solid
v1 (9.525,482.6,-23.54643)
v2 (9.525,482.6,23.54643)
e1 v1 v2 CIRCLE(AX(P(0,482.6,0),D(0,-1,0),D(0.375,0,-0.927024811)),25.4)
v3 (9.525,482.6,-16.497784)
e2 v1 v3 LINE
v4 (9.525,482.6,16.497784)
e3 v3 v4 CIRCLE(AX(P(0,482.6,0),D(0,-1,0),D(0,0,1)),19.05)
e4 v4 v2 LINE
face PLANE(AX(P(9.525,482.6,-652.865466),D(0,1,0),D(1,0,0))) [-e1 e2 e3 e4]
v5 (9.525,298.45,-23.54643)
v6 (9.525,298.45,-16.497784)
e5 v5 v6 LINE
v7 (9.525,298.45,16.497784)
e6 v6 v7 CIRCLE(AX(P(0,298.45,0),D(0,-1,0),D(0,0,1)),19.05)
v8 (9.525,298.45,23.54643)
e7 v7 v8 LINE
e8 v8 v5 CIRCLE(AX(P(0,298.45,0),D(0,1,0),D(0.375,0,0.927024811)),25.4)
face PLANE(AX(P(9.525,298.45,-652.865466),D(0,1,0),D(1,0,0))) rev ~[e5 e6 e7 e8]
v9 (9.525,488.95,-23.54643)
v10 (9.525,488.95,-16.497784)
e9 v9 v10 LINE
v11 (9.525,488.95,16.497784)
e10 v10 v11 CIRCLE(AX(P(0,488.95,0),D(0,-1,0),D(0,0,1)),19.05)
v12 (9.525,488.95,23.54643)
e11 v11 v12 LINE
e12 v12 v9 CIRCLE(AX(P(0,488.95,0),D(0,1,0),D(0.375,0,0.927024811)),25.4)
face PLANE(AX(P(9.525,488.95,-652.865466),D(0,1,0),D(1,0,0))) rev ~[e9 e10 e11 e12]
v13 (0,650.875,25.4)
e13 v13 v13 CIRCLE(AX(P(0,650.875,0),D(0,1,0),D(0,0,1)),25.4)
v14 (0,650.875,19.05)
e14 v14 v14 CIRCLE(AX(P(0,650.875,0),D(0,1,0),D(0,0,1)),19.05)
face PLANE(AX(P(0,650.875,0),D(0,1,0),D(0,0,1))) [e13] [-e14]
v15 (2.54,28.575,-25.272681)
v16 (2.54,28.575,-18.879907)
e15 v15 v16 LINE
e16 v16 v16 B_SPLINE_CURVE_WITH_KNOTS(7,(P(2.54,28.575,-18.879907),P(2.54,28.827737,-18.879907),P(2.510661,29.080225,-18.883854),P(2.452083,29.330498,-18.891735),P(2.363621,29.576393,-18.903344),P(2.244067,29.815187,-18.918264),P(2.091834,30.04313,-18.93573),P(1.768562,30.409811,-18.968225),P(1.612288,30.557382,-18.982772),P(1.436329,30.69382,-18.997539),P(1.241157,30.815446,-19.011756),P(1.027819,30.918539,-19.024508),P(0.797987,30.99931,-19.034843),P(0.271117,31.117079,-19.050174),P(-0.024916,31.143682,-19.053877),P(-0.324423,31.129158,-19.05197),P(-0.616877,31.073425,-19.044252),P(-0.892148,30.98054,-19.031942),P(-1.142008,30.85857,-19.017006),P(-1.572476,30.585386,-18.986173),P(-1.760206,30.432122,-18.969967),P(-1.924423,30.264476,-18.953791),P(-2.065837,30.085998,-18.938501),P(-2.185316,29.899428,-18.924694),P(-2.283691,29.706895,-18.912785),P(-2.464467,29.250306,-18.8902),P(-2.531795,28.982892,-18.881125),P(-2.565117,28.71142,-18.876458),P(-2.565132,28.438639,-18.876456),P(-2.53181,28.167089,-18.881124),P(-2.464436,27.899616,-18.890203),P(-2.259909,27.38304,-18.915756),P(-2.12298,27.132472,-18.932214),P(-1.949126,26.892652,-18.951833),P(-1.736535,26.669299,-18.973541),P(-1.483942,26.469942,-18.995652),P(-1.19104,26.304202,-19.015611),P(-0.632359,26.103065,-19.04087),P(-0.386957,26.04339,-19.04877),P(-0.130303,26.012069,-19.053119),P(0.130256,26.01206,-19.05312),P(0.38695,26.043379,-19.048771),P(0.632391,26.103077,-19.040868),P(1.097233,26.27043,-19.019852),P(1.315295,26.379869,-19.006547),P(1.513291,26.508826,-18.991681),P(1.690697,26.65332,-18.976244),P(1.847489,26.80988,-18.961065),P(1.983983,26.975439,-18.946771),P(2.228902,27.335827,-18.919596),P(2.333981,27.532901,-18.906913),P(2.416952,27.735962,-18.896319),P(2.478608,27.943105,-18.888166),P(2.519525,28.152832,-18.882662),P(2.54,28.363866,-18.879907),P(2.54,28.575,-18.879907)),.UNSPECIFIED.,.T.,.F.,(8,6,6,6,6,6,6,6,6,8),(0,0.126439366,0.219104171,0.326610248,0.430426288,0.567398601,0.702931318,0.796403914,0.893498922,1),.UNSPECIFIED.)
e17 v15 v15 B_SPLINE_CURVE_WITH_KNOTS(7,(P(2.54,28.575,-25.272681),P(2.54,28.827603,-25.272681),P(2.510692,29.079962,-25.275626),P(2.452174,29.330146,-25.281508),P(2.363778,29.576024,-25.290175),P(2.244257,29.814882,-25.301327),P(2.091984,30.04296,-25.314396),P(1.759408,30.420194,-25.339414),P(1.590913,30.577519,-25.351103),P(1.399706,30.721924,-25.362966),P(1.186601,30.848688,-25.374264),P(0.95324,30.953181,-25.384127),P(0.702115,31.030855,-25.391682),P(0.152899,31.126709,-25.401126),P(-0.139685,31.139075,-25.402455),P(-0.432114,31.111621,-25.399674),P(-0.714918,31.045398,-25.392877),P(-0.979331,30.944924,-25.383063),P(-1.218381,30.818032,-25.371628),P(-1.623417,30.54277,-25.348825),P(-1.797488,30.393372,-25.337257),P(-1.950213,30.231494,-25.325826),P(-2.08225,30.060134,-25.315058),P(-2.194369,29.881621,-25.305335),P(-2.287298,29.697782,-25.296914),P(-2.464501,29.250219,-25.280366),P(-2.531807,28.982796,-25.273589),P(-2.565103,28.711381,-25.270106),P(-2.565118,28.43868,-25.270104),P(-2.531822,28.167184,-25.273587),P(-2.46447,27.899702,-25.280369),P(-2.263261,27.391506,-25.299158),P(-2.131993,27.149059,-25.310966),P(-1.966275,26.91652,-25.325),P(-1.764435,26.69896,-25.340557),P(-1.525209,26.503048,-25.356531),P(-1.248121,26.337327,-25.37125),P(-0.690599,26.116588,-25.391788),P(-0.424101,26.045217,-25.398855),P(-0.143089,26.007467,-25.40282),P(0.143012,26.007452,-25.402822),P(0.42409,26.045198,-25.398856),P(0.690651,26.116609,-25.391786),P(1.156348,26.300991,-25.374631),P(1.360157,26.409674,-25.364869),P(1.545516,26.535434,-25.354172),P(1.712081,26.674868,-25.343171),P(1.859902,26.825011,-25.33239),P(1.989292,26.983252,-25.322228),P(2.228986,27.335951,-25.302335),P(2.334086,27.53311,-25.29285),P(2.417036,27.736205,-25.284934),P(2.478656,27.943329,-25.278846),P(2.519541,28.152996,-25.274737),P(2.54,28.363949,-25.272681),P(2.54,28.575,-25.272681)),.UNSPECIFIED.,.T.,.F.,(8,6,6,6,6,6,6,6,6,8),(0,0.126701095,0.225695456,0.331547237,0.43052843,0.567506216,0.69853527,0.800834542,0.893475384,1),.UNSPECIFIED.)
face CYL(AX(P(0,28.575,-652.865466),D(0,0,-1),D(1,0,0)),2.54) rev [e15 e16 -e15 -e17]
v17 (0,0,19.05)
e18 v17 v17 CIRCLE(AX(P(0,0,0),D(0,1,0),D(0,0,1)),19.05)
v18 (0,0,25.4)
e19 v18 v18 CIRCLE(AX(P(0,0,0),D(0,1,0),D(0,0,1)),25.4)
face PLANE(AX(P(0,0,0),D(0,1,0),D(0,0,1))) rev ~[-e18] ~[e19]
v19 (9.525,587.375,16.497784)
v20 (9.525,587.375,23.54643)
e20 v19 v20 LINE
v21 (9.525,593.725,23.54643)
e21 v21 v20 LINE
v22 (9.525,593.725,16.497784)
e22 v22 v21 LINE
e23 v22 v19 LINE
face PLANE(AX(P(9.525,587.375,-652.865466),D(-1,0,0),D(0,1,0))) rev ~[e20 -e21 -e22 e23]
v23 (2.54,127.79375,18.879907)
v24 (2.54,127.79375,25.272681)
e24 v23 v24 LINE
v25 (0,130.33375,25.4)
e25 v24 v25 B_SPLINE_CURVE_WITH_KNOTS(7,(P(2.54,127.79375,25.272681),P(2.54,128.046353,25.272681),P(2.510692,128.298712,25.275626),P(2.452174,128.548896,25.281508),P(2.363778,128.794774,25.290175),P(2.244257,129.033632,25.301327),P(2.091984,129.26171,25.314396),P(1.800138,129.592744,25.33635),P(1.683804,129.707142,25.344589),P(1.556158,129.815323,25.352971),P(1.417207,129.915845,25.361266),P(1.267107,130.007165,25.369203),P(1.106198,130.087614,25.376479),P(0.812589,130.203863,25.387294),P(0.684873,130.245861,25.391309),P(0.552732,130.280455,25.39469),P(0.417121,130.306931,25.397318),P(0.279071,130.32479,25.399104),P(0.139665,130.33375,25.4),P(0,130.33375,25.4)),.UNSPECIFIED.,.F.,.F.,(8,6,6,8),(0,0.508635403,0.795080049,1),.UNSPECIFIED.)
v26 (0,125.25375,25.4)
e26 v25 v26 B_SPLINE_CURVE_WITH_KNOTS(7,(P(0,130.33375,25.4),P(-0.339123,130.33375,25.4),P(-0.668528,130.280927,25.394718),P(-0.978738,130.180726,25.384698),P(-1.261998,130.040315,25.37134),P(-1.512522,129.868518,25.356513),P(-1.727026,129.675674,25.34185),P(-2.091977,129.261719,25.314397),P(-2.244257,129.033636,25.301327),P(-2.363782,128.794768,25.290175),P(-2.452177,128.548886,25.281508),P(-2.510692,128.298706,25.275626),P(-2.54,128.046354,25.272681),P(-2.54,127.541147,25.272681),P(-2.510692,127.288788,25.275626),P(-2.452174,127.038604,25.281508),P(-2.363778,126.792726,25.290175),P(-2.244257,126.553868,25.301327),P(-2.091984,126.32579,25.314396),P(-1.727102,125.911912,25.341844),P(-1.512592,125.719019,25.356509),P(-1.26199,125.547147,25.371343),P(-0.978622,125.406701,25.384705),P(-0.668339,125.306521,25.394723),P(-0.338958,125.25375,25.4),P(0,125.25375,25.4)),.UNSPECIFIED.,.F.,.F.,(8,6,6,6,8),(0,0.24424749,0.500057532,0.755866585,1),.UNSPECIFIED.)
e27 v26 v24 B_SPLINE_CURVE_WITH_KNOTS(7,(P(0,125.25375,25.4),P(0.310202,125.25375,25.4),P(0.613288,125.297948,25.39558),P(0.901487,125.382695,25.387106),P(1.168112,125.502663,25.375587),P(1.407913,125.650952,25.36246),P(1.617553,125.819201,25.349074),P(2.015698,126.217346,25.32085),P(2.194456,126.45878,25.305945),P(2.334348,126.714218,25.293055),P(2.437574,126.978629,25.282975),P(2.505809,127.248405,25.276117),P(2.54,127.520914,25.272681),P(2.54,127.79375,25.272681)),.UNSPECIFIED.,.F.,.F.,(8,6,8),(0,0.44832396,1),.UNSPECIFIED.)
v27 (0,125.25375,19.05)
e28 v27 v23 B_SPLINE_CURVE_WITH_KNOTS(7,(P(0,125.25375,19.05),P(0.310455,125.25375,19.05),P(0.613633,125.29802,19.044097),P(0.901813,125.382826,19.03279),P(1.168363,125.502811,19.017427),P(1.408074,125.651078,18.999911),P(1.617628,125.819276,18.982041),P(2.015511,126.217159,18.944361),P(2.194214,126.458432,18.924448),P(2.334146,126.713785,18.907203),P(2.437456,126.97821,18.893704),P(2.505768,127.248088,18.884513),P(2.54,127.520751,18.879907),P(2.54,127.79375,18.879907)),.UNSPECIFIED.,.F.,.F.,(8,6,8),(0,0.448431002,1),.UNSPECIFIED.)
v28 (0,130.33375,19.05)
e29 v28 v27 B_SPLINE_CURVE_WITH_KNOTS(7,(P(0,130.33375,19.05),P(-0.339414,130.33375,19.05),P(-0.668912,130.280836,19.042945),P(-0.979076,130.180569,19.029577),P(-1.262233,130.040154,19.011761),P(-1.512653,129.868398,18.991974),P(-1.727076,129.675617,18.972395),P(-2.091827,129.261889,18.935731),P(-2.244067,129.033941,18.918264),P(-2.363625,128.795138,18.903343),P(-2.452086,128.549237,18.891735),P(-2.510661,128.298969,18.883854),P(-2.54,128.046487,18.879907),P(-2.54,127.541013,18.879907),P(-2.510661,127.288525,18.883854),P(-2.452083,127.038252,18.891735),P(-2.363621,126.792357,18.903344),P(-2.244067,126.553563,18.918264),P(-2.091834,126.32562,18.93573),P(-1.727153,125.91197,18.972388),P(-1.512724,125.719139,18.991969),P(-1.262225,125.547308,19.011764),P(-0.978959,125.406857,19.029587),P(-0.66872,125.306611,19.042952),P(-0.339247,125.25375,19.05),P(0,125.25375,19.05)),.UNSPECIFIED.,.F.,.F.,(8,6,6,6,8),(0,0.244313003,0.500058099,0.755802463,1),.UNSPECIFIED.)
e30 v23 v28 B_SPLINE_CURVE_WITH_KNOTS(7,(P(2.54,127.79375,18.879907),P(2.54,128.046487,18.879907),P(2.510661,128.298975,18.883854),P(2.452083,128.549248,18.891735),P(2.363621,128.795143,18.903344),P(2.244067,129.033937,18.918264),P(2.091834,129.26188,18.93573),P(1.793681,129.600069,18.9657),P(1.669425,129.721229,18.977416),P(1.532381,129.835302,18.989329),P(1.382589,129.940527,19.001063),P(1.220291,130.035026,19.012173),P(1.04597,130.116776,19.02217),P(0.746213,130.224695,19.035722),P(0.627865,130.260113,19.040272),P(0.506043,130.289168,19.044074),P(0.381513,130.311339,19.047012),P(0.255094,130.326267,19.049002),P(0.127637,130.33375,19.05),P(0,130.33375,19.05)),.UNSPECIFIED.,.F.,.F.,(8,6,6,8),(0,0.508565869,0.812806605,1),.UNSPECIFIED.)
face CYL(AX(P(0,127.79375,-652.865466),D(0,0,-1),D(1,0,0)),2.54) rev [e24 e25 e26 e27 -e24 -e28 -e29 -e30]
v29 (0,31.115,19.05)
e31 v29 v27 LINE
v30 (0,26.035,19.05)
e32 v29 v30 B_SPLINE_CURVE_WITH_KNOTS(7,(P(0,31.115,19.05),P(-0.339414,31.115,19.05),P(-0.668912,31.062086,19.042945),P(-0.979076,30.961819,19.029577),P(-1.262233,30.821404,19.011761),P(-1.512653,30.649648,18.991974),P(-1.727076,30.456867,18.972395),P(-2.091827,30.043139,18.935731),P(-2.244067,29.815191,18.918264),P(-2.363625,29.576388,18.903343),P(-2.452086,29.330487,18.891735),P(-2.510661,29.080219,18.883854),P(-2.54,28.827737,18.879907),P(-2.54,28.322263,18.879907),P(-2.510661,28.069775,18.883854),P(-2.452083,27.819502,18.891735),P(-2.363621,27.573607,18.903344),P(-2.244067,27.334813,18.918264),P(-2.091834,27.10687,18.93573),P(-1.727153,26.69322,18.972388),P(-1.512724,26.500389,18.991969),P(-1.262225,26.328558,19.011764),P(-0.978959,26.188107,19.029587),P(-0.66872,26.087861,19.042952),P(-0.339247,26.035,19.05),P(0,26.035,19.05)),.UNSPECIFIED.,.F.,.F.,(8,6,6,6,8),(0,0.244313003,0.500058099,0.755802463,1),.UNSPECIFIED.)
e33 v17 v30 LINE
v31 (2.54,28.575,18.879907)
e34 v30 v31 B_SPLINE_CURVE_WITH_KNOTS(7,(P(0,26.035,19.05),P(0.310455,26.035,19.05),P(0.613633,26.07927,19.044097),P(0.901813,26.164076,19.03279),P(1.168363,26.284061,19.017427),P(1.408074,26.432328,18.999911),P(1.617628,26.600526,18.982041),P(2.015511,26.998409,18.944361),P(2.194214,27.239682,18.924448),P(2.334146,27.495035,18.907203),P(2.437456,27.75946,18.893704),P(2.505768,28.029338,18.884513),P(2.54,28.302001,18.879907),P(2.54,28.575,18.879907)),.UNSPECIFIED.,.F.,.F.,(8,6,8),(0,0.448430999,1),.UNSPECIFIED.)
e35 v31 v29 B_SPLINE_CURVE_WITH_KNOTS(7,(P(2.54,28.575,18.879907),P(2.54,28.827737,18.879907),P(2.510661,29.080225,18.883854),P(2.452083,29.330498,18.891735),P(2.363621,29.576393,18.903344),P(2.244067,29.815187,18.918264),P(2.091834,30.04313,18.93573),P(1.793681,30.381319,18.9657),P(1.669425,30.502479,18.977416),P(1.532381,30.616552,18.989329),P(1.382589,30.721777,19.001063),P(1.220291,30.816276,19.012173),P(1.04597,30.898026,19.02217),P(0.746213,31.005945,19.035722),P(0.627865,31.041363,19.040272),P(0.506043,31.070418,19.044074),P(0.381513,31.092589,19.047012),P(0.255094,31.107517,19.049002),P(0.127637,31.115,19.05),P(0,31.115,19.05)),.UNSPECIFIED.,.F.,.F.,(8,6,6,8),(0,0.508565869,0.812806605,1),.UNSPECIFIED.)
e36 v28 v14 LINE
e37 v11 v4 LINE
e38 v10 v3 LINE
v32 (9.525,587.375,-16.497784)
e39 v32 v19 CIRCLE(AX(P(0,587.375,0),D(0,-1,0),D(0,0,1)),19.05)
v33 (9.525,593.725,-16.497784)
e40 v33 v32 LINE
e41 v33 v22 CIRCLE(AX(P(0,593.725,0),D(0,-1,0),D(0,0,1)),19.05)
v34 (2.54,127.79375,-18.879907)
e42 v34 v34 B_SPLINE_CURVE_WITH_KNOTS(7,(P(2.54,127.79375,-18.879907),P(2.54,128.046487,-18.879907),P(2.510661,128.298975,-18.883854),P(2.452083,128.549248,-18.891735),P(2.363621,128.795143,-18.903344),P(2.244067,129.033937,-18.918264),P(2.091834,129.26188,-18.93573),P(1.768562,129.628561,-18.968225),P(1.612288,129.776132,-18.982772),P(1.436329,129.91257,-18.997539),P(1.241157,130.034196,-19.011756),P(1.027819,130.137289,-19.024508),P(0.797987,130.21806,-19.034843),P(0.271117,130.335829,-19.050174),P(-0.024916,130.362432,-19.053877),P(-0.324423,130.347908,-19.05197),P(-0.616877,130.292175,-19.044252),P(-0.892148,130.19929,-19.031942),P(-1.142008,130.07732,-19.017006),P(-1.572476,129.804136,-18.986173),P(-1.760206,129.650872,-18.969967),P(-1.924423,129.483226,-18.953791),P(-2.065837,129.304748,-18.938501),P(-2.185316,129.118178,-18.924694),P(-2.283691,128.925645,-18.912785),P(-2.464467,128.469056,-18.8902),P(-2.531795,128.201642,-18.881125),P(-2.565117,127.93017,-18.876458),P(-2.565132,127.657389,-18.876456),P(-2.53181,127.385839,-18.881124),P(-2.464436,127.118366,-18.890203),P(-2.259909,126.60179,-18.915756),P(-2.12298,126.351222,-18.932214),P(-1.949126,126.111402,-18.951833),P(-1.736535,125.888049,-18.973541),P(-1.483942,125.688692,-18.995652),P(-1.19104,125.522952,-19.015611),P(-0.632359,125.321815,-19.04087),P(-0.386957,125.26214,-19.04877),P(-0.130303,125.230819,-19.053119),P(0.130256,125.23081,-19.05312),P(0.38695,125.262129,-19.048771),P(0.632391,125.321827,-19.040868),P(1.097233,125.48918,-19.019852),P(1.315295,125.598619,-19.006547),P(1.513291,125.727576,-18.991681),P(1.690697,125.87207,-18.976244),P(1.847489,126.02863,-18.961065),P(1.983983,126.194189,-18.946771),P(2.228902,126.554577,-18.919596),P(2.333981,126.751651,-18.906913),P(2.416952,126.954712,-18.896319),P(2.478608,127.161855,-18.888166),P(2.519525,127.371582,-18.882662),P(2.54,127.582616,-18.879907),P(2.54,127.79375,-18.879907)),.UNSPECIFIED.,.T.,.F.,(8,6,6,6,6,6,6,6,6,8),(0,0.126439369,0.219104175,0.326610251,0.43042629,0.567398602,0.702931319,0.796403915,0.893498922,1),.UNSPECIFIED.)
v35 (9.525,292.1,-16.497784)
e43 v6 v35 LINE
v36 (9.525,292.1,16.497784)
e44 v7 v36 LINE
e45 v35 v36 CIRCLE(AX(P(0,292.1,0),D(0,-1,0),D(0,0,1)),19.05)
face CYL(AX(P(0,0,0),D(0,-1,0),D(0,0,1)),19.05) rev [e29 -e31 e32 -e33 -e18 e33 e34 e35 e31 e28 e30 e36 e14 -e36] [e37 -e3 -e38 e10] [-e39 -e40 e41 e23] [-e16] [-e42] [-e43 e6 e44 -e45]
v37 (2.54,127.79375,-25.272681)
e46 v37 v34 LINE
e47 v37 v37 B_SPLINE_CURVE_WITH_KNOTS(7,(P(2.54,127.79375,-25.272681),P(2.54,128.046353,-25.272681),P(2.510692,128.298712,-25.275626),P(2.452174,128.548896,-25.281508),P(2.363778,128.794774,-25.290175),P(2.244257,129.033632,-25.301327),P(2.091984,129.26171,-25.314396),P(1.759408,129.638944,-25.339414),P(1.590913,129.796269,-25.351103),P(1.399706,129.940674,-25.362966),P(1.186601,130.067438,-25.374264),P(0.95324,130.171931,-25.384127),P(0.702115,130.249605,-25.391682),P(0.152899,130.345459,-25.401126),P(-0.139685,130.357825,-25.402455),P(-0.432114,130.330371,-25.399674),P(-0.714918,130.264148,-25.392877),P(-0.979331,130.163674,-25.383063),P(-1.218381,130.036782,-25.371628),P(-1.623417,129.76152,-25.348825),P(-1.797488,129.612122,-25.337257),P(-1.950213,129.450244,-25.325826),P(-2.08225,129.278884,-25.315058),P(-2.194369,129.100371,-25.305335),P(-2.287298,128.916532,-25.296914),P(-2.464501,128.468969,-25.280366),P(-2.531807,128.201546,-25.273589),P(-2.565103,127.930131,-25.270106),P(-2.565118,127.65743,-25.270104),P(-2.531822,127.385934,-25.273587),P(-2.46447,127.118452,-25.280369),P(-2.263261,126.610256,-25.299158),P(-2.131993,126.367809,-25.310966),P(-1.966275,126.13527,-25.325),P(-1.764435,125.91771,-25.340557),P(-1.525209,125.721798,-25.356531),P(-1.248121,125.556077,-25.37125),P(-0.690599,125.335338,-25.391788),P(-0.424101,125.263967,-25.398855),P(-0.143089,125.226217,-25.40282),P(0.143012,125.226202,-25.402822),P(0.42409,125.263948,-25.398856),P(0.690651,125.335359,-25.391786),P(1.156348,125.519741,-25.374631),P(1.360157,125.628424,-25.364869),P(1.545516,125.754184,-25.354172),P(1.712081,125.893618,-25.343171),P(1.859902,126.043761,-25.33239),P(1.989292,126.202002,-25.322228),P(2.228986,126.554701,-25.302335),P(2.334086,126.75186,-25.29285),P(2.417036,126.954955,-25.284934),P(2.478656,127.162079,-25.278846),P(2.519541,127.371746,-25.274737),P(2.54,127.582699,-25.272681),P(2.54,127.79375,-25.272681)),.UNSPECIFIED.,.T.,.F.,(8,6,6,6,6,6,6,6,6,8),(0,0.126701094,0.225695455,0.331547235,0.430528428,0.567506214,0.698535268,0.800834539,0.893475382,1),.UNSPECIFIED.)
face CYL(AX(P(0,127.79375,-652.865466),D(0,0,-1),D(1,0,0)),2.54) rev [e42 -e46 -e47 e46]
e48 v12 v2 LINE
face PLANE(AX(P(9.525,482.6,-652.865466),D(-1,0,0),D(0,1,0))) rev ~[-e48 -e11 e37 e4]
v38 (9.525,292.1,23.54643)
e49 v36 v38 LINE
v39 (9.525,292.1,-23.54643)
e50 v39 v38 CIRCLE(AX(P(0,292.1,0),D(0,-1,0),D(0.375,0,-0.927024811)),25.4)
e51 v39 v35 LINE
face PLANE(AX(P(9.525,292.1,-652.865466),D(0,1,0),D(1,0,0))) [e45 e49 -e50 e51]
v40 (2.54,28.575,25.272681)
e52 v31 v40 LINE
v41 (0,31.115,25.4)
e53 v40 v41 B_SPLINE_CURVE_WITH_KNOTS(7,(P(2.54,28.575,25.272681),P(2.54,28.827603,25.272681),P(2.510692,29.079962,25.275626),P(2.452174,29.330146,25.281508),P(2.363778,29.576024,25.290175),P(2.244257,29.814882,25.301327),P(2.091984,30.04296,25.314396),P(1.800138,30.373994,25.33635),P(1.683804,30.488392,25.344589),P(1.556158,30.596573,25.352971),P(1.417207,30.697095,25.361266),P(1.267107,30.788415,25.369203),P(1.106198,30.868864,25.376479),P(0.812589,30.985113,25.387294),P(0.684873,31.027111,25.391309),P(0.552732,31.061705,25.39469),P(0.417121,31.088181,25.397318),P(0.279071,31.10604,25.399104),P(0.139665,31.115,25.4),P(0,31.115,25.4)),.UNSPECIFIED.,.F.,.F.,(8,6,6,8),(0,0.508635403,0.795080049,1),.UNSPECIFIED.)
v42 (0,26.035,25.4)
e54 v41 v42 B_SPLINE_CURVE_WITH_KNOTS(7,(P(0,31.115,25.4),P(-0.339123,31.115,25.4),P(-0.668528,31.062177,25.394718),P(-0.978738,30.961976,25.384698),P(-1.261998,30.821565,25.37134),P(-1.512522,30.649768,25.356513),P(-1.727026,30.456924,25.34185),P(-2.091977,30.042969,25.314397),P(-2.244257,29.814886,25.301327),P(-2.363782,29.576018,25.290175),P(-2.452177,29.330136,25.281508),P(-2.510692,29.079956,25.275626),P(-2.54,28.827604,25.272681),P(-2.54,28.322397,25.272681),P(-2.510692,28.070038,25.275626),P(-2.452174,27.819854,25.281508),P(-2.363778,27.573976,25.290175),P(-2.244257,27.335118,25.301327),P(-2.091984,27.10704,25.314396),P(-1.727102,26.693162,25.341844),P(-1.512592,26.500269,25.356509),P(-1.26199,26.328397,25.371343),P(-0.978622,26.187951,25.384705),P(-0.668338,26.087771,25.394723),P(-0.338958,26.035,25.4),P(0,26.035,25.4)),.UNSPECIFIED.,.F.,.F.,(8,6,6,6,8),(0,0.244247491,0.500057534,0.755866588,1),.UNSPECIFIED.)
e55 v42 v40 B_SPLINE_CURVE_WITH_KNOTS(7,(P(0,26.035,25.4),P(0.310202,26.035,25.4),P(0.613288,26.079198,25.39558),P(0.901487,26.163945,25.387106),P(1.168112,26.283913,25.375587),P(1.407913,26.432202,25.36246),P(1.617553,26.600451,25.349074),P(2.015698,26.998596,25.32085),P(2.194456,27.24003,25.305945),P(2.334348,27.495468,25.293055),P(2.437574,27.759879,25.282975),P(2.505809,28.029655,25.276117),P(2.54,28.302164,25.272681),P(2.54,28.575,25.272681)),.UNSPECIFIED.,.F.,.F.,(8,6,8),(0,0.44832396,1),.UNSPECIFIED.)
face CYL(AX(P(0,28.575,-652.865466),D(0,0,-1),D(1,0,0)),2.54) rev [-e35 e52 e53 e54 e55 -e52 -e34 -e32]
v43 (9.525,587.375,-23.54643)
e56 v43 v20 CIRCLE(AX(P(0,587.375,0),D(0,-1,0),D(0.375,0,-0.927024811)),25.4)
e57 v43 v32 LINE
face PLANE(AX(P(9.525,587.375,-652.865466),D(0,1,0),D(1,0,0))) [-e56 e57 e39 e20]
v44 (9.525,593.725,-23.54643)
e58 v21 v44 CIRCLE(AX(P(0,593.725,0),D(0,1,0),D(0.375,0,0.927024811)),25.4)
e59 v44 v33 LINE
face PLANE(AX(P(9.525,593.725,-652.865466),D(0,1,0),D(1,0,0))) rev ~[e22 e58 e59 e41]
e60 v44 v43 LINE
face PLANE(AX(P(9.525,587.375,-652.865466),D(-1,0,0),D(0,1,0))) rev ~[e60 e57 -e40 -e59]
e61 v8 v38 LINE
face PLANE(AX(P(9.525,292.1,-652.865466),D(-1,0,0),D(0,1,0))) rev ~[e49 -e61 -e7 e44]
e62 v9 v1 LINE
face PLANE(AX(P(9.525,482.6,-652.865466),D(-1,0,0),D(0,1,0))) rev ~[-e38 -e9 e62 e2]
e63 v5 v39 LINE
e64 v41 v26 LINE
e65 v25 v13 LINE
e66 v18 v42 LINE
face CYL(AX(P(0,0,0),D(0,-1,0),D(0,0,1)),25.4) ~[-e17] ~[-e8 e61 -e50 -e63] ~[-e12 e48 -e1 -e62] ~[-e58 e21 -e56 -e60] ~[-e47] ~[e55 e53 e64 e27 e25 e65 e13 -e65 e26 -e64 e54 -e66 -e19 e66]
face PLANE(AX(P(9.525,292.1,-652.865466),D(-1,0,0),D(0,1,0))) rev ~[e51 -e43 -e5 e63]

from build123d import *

# Parameters (mm, degrees)
SKETCH1_R               = 25.4
SKETCH1_R_2             = 19.05
BOSS_EXTRUDE1_DEPTH     = 650.875
CUT_EXTRUDE1_DEPTH      = 652.865465894
CUT_EXTRUDE1_DEPTH_BACK = 652.865465894
SKETCH2_R               = 2.54
SKETCH2_W               = 15.875
SKETCH2_H               = 6.35


with BuildPart() as part:
    # Sketch1 → Boss-Extrude1 (new body)
    with BuildSketch(Plane(origin=(0, 0, 0), x_dir=(1, 0, 0), z_dir=(0, 1, 0))):
        with Locations(Location((0, 0, 0), (0, 0, 270))):
            Circle(SKETCH1_R)
        with Locations(Location((0, 0, 0), (0, 0, 270))):
            Circle(SKETCH1_R_2, mode=Mode.SUBTRACT)
    extrude(amount=BOSS_EXTRUDE1_DEPTH)

    # Sketch2 → Cut-Extrude1 (cut, two sides: drawn at the far end of the back side and taken through both)
    with BuildSketch(Plane.XY.offset(-CUT_EXTRUDE1_DEPTH_BACK)):
        with Locations((0, 28.575)):
            Circle(SKETCH2_R)
        with Locations((0, 127.79375)):
            Circle(SKETCH2_R)
        with Locations((17.4625, 590.55)):
            Rectangle(SKETCH2_W, SKETCH2_H)
        with Locations((17.4625, 485.775)):
            Rectangle(SKETCH2_W, SKETCH2_H)
        with Locations((17.4625, 295.275)):
            Rectangle(SKETCH2_W, SKETCH2_H)
    extrude(amount=CUT_EXTRUDE1_DEPTH + CUT_EXTRUDE1_DEPTH_BACK, mode=Mode.SUBTRACT)


solid = part.part
